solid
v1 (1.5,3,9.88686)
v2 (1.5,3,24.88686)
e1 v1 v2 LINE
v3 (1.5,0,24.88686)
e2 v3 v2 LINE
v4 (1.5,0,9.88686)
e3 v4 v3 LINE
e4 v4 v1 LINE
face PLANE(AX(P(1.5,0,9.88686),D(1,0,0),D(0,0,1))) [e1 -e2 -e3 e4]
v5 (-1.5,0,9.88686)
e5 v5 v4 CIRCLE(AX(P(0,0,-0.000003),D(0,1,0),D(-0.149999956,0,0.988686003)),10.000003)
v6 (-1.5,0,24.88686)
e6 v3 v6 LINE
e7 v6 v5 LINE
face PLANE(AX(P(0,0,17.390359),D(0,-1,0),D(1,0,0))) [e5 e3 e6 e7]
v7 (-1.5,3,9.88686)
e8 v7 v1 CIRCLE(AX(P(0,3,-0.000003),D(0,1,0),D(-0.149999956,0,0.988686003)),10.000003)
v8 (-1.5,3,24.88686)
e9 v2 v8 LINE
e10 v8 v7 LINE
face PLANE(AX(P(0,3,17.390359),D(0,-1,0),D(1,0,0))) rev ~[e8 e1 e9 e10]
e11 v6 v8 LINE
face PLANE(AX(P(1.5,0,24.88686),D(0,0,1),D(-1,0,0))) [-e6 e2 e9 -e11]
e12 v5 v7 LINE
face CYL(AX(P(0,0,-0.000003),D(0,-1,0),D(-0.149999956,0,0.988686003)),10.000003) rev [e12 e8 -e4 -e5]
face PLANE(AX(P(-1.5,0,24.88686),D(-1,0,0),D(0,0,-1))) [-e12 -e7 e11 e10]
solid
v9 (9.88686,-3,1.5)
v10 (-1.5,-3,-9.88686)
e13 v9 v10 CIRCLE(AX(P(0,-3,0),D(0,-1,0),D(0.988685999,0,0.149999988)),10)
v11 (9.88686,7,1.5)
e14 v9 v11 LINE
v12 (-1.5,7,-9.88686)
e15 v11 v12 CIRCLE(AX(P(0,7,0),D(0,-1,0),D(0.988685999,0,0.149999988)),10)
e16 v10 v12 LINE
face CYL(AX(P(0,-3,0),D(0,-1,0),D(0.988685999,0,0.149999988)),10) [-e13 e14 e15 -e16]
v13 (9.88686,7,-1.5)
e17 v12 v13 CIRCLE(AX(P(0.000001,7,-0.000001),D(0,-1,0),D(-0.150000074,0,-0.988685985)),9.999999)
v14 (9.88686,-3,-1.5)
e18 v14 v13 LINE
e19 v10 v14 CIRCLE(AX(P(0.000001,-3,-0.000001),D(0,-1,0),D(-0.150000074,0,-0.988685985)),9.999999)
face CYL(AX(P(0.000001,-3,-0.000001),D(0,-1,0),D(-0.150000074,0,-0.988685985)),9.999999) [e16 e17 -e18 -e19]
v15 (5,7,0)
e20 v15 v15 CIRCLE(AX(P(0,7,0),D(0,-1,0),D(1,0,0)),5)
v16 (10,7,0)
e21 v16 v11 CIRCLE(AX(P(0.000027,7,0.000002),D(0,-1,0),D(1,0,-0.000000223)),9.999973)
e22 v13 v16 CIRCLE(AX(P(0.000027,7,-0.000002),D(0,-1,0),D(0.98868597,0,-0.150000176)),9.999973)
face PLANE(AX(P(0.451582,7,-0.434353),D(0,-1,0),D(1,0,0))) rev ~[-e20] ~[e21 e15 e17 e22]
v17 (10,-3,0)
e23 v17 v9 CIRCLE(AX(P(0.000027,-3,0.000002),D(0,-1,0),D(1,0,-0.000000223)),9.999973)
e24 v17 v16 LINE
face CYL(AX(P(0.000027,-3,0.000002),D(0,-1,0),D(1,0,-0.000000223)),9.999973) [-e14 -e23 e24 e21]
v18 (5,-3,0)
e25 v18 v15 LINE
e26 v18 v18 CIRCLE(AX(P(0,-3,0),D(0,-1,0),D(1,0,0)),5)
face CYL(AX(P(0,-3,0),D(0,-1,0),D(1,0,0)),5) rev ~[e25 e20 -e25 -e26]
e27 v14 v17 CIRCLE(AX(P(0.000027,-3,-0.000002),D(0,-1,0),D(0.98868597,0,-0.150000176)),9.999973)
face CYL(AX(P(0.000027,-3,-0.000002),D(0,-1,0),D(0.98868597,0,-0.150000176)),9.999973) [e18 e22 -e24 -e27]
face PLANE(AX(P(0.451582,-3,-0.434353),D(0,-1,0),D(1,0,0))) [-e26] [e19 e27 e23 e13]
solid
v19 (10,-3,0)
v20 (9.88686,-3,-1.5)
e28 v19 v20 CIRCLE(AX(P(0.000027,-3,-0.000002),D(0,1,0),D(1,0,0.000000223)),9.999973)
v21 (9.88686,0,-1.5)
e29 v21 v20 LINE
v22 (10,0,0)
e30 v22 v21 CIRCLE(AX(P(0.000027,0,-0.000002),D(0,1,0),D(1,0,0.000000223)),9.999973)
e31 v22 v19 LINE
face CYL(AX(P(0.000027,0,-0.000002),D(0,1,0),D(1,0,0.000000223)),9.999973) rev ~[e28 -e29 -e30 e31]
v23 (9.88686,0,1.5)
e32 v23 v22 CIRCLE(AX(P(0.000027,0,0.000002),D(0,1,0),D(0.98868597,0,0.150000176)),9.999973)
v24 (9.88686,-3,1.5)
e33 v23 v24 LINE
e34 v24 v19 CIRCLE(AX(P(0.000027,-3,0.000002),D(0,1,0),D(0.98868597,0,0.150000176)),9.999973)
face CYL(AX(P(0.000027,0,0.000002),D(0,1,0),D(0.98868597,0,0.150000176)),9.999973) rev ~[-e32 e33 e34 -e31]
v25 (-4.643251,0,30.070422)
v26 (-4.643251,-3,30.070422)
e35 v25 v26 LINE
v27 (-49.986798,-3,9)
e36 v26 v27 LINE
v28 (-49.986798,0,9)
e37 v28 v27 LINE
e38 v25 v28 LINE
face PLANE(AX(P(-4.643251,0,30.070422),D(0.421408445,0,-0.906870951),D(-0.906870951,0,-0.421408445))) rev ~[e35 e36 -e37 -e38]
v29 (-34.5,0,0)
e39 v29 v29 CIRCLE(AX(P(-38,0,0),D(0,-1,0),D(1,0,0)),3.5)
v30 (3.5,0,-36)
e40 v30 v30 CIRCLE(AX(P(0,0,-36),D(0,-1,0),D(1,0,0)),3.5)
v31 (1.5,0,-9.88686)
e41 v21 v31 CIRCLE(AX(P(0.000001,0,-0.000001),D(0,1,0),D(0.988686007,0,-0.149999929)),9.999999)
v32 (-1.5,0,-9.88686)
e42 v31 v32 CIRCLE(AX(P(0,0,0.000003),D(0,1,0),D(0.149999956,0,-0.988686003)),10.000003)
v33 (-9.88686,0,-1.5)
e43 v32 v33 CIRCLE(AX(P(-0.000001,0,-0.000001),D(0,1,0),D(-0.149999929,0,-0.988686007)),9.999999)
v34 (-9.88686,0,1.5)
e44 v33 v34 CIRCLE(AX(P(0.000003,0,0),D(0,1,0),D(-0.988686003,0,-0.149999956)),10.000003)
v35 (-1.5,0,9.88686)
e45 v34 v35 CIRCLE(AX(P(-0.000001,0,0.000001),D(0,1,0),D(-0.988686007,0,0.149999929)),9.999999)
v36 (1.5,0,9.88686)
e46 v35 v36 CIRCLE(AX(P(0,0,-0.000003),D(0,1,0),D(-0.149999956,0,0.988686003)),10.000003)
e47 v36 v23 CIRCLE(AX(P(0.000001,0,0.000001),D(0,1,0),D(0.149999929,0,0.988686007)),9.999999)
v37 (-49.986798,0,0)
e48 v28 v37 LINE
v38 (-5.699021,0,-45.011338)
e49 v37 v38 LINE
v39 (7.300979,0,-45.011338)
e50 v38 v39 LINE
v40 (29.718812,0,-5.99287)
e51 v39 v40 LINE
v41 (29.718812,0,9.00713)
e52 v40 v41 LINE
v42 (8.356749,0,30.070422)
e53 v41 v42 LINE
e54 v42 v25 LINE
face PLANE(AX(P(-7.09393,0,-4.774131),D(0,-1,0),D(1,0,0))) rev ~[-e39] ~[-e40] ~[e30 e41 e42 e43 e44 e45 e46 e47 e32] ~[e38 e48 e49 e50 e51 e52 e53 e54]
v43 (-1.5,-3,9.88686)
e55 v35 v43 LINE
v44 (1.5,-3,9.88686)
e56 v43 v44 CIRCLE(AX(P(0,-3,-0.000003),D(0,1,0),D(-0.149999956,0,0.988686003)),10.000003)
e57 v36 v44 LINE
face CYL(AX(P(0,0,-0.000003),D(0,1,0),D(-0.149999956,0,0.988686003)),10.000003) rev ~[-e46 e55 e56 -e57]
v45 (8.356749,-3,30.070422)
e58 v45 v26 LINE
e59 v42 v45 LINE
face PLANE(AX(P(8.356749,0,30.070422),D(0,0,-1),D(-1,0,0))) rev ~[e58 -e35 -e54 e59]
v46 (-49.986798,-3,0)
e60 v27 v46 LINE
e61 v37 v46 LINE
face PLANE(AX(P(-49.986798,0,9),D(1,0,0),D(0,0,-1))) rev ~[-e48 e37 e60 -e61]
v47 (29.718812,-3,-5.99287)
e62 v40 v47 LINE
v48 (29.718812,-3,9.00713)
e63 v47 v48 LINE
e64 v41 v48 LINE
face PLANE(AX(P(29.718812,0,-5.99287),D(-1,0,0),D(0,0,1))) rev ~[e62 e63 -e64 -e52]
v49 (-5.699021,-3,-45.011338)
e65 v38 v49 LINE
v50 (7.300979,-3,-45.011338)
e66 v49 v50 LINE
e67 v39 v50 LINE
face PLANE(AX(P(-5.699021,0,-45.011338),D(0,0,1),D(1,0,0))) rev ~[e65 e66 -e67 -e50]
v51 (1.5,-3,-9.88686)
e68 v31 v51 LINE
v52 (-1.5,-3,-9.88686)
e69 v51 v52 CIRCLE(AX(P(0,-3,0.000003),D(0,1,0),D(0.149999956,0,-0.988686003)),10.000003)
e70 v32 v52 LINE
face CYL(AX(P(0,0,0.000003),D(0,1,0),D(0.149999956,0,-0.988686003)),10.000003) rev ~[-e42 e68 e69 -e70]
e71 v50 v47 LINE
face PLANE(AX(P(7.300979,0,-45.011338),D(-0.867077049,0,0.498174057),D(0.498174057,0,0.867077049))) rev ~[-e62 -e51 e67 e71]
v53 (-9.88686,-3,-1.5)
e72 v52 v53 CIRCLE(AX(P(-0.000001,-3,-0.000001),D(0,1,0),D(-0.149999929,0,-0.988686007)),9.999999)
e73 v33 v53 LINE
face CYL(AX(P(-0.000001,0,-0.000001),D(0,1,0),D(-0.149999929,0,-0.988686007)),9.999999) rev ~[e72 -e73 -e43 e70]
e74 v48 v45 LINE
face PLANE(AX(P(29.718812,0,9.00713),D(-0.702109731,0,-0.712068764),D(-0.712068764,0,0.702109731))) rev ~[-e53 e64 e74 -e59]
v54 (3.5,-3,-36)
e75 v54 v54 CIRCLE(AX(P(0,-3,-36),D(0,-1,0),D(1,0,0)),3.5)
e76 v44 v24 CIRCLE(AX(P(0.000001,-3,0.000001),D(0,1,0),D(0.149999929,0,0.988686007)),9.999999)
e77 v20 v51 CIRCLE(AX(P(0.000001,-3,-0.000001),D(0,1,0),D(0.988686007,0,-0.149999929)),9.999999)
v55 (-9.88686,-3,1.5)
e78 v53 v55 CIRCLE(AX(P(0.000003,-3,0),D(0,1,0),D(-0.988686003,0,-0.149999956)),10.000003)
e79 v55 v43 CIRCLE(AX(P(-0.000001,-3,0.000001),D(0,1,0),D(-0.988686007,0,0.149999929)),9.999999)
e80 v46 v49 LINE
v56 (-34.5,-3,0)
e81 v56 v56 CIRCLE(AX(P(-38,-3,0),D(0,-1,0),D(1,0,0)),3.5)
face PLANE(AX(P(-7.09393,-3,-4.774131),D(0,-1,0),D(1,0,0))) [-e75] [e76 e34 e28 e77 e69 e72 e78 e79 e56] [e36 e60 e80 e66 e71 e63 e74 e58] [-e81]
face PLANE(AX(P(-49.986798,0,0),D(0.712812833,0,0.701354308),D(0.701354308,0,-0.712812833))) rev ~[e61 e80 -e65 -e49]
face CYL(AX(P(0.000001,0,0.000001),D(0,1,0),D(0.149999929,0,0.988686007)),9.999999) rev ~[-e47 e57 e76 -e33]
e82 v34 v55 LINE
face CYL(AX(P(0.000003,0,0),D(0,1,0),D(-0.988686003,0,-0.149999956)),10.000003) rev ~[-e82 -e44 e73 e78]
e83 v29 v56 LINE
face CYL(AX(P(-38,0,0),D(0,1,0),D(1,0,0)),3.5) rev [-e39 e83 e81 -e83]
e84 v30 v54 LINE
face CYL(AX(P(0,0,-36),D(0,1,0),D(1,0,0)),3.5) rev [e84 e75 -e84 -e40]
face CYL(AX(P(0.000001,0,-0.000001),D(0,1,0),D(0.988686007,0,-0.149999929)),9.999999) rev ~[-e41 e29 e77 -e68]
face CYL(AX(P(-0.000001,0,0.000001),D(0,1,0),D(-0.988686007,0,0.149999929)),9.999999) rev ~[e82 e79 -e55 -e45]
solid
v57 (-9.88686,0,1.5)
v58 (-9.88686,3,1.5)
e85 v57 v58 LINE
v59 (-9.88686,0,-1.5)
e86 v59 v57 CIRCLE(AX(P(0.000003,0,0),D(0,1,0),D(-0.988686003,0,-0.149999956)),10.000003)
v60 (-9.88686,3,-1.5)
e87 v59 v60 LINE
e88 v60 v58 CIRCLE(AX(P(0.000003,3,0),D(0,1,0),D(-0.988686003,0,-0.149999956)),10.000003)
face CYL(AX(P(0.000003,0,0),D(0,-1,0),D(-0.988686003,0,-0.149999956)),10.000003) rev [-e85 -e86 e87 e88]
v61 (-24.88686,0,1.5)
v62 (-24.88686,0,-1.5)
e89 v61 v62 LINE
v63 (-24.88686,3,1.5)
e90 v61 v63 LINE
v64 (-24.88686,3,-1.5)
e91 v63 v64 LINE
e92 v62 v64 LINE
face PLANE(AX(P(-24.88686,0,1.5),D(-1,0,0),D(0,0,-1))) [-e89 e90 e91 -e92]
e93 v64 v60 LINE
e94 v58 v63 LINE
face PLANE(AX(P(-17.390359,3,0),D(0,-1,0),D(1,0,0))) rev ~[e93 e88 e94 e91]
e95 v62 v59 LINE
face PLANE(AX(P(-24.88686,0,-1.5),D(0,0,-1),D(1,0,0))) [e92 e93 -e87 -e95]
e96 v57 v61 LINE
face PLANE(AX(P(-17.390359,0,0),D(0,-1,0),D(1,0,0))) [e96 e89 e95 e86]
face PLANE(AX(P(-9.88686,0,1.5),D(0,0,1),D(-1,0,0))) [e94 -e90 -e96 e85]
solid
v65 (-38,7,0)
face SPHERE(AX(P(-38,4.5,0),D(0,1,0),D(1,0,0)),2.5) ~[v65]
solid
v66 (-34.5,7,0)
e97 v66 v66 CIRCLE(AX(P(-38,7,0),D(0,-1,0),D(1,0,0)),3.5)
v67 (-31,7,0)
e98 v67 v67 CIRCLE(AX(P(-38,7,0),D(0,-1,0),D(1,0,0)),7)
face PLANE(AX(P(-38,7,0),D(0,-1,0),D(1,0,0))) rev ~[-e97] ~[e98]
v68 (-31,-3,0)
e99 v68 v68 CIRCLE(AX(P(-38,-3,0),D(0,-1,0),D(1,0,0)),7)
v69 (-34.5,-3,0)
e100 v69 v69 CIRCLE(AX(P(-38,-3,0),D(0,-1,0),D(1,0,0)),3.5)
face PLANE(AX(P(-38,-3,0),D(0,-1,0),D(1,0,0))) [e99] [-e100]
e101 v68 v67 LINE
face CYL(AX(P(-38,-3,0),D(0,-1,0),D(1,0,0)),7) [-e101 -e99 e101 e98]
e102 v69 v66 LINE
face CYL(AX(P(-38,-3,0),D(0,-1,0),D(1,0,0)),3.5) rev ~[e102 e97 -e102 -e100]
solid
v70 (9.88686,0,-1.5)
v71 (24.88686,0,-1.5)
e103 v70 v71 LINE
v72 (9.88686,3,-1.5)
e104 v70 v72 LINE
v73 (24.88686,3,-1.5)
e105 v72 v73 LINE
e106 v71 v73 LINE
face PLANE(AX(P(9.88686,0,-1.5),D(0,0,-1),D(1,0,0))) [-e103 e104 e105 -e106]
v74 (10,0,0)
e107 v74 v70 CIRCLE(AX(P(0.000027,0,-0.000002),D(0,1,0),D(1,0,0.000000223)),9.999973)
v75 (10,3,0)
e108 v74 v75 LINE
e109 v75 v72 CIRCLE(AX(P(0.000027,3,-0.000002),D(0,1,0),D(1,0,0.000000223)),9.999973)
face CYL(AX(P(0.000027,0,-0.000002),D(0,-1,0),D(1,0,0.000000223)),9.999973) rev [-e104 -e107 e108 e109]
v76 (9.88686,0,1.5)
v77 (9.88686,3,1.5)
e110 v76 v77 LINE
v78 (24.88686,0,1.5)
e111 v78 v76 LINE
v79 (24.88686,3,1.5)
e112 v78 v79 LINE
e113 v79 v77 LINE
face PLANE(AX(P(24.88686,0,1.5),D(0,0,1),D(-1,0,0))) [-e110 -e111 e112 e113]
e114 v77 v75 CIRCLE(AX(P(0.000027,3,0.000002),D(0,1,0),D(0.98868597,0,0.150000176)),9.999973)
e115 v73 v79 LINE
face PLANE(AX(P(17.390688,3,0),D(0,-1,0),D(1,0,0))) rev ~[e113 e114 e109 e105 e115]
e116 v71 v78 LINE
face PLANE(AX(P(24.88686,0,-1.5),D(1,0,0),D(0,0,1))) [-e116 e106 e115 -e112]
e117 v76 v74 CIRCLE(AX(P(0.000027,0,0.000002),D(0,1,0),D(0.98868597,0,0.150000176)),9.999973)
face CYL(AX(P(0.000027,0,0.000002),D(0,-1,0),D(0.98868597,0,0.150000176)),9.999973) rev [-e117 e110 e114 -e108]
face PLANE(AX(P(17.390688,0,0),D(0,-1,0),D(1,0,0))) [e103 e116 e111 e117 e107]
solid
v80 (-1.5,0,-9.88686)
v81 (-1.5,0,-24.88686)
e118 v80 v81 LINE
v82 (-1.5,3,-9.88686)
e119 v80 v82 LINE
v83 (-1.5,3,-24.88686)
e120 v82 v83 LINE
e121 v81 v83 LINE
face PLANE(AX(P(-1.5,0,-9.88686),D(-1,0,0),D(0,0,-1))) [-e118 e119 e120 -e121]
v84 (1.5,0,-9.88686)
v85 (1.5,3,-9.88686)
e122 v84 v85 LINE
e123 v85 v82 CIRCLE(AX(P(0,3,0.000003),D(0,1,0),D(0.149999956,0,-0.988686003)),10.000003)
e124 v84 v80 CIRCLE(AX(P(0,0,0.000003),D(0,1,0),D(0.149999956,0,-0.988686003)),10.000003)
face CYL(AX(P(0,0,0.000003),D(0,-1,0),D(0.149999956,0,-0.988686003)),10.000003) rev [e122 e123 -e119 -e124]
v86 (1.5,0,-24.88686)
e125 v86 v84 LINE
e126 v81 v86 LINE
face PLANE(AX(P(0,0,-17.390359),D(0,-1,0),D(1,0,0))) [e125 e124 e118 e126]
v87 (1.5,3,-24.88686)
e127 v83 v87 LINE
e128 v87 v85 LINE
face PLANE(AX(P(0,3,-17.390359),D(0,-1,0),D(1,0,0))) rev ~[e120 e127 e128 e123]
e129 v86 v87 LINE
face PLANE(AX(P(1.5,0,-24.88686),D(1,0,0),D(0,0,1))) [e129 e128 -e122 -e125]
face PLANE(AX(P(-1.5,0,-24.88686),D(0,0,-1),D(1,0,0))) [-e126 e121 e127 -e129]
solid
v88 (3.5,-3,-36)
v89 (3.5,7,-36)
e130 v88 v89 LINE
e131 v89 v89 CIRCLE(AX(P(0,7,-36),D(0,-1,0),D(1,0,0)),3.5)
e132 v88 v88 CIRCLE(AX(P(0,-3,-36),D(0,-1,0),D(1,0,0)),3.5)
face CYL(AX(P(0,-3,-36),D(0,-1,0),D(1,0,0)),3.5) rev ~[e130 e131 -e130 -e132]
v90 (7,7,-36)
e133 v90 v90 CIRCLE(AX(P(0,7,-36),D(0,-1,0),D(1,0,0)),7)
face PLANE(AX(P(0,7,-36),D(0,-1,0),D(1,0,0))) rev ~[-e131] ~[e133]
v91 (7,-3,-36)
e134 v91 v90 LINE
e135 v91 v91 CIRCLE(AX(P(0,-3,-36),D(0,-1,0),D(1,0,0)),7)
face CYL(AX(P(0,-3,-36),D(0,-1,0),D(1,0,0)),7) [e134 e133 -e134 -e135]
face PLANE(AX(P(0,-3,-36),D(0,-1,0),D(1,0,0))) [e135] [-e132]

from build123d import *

# Parameters (mm, degrees)
F1_DEPTH = 3
F0_R     = 3.5
F2_DEPTH = 3
F3_R     = 5
F3_R_2   = 7
F3_R_3   = 3.5
F4_DEPTH = 10


with BuildPart() as f1:
    # F0 (on Front) → F1 (new body)
    with BuildSketch(Plane.XZ):
        with BuildLine():
            ThreePointArc((-9.88686, -1.5), (-10, 0), (-9.88686, 1.5))
            Line((-9.88686, 1.5), (-24.88686, 1.5))
            Line((-24.88686, 1.5), (-24.88686, -1.5))
            Line((-24.88686, -1.5), (-9.88686, -1.5))
        make_face()
        with BuildLine():
            ThreePointArc((-1.5, 9.88686), (0, 10), (1.5, 9.88686))
            Line((1.5, 9.88686), (1.5, 24.88686))
            Line((1.5, 24.88686), (-1.5, 24.88686))
            Line((-1.5, 24.88686), (-1.5, 9.88686))
        make_face()
        with BuildLine():
            ThreePointArc((9.88686, 1.5), (9.971675, 0.75213), (10, 0))
            ThreePointArc((10, 0), (9.971675, -0.75213), (9.88686, -1.5))
            Line((9.88686, -1.5), (24.88686, -1.5))
            Line((24.88686, -1.5), (24.88686, 1.5))
            Line((24.88686, 1.5), (9.88686, 1.5))
        make_face()
        with BuildLine():
            Line((1.5, -24.88686), (1.5, -9.88686))
            ThreePointArc((1.5, -9.88686), (0, -10), (-1.5, -9.88686))
            Line((-1.5, -9.88686), (-1.5, -24.88686))
            Line((-1.5, -24.88686), (1.5, -24.88686))
        make_face()
    extrude(amount=-F1_DEPTH)


with BuildPart() as f2:
    # F0 (on Front) → F2 (new body)
    with BuildSketch(Plane.XZ):
        Polygon((-49.986798, 9), (-49.986798, 0), (-5.699021, -45.011338), (7.300979, -45.011338), (29.718812, -5.99287), (29.718812, 2.802204), (29.718812, 9.00713), (8.356749, 30.070422), (-4.643251, 30.070422), align=None)
        with Locations((0, -36)):
            Circle(F0_R, mode=Mode.SUBTRACT)
        with Locations((-38, 0)):
            Circle(F0_R, mode=Mode.SUBTRACT)
        with BuildLine():
            ThreePointArc((1.5, 9.88686), (7.071068, 7.071068), (9.88686, 1.5))
            Line((9.88686, 1.5), (24.88686, 1.5))
            Line((24.88686, 1.5), (24.88686, -1.5))
            Line((24.88686, -1.5), (9.88686, -1.5))
            ThreePointArc((9.88686, -1.5), (7.071068, -7.071068), (1.5, -9.88686))
            Line((1.5, -9.88686), (1.5, -24.88686))
            Line((1.5, -24.88686), (-1.5, -24.88686))
            Line((-1.5, -24.88686), (-1.5, -9.88686))
            ThreePointArc((-1.5, -9.88686), (-7.071068, -7.071068), (-9.88686, -1.5))
            Line((-9.88686, -1.5), (-24.88686, -1.5))
            Line((-24.88686, -1.5), (-24.88686, 1.5))
            Line((-24.88686, 1.5), (-9.88686, 1.5))
            ThreePointArc((-9.88686, 1.5), (-7.071068, 7.071068), (-1.5, 9.88686))
            Line((-1.5, 9.88686), (-1.5, 24.88686))
            Line((-1.5, 24.88686), (1.5, 24.88686))
            Line((1.5, 24.88686), (1.5, 9.88686))
        make_face(mode=Mode.SUBTRACT)
        with BuildLine():
            ThreePointArc((-9.88686, -1.5), (-10, 0), (-9.88686, 1.5))
            Line((-9.88686, 1.5), (-24.88686, 1.5))
            Line((-24.88686, 1.5), (-24.88686, -1.5))
            Line((-24.88686, -1.5), (-9.88686, -1.5))
        make_face()
        with BuildLine():
            ThreePointArc((-1.5, 9.88686), (0, 10), (1.5, 9.88686))
            Line((1.5, 9.88686), (1.5, 24.88686))
            Line((1.5, 24.88686), (-1.5, 24.88686))
            Line((-1.5, 24.88686), (-1.5, 9.88686))
        make_face()
        with BuildLine():
            ThreePointArc((9.88686, 1.5), (9.971675, 0.75213), (10, 0))
            ThreePointArc((10, 0), (9.971675, -0.75213), (9.88686, -1.5))
            Line((9.88686, -1.5), (24.88686, -1.5))
            Line((24.88686, -1.5), (24.88686, 1.5))
            Line((24.88686, 1.5), (9.88686, 1.5))
        make_face()
        with BuildLine():
            Line((1.5, -24.88686), (1.5, -9.88686))
            ThreePointArc((1.5, -9.88686), (0, -10), (-1.5, -9.88686))
            Line((-1.5, -9.88686), (-1.5, -24.88686))
            Line((-1.5, -24.88686), (1.5, -24.88686))
        make_face()
    extrude(amount=F2_DEPTH)


with BuildPart() as f4:
    # F3 (on face) → F4 (new body)
    with BuildSketch(Plane.XZ.offset(3)):
        with BuildLine():
            ThreePointArc((9.88686, -1.5), (9.971675, -0.75213), (10, 0))
            ThreePointArc((10, 0), (9.971675, 0.75213), (9.88686, 1.5))
            ThreePointArc((9.88686, 1.5), (-7.071068, 7.071068), (-1.5, -9.88686))
            ThreePointArc((-1.5, -9.88686), (5.930406, -8.051726), (9.88686, -1.5))
        make_face()
        Circle(F3_R, mode=Mode.SUBTRACT)
        with Locations((0, -36)):
            Circle(F3_R_2)
        with Locations((0, -36)):
            Circle(F3_R_3, mode=Mode.SUBTRACT)
        with Locations((-38, 0)):
            Circle(F3_R_2)
        with Locations((-38, 0)):
            Circle(F3_R_3, mode=Mode.SUBTRACT)
    extrude(amount=-F4_DEPTH)


with BuildPart() as f6:
    # F5 (on Top) → F6 (revolve)
    with BuildSketch(Plane.XY):
        with BuildLine():
            ThreePointArc((-38, 2), (-35.5, 4.5), (-38, 7))
            Line((-38, 7), (-38, 2))
        make_face()
    revolve(axis=Axis((-38, 4.5, 0), (0, -1, 0)))


solid = Compound([f1.part, f2.part, f4.part, f6.part])
